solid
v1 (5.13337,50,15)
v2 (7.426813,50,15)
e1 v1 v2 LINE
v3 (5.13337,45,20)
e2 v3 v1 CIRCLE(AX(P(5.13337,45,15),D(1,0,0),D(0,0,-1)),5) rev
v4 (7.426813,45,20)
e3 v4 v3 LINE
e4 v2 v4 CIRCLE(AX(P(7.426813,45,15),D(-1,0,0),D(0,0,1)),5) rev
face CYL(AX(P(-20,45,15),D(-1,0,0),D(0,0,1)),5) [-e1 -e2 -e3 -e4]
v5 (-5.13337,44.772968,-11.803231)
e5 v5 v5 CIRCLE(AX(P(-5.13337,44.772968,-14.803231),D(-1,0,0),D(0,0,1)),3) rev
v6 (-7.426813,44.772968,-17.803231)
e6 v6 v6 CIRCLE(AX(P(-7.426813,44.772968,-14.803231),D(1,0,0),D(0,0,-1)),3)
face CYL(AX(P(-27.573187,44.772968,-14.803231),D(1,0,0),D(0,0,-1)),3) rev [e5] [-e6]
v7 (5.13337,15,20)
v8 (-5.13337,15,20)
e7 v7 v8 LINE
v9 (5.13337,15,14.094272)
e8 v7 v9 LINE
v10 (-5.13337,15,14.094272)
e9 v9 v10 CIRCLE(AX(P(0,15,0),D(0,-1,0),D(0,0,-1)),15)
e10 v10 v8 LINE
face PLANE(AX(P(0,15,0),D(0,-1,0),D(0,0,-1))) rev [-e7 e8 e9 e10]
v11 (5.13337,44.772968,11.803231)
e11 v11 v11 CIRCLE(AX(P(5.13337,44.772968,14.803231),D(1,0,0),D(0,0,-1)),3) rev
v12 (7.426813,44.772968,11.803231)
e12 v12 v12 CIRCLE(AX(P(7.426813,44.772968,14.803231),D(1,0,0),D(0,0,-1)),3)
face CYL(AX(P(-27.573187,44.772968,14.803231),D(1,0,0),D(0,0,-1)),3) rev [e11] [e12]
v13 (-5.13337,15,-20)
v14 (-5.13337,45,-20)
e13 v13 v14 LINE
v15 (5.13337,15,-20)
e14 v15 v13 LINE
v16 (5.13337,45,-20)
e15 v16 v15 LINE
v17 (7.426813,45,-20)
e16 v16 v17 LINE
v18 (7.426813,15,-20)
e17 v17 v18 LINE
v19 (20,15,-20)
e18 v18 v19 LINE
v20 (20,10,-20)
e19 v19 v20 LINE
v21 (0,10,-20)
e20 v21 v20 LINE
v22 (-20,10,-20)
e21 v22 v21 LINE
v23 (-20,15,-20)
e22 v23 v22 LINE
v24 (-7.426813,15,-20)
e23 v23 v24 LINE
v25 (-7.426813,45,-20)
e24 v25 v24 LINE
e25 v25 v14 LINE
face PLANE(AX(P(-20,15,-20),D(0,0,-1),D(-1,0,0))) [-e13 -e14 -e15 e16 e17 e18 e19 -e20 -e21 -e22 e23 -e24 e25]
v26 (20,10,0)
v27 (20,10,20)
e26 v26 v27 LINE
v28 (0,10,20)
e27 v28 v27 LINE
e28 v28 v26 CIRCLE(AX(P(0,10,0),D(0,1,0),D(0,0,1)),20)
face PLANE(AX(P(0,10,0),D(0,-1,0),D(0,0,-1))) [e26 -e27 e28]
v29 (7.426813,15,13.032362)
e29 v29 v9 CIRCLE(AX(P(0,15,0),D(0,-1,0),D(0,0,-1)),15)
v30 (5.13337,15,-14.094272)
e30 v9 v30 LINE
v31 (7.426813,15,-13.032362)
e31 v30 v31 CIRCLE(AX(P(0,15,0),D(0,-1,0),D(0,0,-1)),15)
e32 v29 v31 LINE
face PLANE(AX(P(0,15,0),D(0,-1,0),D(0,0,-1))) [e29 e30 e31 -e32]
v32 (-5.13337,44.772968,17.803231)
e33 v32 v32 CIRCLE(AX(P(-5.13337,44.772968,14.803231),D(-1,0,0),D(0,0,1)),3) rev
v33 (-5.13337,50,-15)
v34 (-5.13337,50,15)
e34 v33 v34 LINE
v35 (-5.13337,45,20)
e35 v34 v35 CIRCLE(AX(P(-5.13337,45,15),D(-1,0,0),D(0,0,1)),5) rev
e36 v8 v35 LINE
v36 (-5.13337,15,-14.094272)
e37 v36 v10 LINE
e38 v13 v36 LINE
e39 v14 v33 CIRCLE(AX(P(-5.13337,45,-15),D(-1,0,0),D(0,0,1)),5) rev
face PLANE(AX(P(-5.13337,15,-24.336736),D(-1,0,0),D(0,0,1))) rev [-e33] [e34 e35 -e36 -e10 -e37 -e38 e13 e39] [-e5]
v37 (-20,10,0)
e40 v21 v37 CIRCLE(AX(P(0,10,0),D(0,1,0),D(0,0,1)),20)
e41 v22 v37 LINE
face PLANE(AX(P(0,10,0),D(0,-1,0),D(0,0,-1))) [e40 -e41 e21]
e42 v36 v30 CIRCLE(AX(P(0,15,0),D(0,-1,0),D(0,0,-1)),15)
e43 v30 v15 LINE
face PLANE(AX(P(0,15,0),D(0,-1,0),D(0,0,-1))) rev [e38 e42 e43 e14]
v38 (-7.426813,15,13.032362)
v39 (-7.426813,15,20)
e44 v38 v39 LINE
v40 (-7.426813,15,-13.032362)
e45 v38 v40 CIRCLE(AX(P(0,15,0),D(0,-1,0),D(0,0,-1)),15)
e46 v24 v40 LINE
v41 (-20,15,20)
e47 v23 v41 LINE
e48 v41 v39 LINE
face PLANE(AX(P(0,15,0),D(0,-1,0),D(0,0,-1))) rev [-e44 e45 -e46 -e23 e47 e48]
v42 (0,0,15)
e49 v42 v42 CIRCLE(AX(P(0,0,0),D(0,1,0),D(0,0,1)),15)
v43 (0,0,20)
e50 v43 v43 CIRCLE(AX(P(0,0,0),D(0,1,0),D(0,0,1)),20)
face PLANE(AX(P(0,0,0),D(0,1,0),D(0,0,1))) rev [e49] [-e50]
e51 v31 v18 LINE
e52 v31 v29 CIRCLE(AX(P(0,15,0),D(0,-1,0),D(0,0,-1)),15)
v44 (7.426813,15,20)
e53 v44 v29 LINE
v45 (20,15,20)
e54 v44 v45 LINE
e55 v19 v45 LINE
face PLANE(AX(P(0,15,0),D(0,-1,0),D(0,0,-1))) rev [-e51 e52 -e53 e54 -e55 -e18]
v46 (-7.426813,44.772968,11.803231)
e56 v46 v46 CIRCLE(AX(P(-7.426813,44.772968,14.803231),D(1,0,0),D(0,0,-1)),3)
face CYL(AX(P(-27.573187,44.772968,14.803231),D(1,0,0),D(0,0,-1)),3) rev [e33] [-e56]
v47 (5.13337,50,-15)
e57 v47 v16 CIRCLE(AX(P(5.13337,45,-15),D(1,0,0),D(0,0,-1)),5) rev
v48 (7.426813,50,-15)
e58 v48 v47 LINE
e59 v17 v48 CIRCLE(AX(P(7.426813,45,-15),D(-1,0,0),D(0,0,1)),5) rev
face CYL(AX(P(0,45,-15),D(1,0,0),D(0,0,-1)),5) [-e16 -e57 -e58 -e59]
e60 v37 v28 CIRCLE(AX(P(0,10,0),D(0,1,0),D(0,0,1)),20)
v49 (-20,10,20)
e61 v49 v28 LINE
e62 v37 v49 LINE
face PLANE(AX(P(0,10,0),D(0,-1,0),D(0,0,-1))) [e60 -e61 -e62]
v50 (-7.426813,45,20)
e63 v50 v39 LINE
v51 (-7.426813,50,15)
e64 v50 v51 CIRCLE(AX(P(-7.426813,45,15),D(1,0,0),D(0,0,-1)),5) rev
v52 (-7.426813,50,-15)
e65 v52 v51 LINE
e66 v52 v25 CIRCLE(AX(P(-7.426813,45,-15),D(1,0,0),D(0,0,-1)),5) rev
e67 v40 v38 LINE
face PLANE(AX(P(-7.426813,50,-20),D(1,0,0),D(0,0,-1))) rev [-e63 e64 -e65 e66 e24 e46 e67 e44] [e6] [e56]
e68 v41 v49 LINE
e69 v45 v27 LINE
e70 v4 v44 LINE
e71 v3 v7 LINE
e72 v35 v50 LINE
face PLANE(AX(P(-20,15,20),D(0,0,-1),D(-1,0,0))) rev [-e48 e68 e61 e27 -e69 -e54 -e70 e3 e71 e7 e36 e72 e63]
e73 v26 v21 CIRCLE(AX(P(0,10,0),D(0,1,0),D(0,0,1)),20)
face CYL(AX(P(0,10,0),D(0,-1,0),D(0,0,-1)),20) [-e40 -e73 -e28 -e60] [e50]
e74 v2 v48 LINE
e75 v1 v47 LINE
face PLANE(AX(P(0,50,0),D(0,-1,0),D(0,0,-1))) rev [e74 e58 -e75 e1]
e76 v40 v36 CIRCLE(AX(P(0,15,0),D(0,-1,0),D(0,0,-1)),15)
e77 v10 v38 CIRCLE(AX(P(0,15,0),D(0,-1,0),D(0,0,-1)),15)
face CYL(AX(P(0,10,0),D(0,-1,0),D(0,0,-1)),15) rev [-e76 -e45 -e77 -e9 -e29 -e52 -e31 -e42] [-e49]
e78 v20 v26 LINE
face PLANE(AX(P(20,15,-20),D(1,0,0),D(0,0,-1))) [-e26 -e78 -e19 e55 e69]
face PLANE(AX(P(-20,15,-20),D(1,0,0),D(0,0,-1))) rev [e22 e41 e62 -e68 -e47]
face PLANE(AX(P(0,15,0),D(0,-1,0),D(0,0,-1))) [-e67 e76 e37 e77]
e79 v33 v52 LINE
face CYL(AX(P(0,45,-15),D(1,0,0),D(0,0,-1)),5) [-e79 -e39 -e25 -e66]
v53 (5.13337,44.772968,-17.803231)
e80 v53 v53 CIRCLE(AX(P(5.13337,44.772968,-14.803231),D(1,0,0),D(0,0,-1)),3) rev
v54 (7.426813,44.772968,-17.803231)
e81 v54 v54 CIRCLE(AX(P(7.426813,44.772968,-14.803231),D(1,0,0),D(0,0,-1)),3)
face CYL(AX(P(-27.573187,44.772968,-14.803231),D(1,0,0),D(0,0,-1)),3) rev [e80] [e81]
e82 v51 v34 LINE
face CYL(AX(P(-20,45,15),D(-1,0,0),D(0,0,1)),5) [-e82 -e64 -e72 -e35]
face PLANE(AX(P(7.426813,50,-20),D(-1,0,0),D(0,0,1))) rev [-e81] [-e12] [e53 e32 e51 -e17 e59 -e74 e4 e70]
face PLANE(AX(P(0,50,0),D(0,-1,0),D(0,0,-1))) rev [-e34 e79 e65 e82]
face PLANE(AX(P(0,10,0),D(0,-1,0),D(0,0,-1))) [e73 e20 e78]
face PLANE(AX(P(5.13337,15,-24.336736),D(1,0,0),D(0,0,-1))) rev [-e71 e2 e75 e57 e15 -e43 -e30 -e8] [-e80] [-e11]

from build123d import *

# Parameters (mm, degrees)
SKETCH1_R           = 20
SKETCH1_R_2         = 15
BOSS_EXTRUDE1_DEPTH = 10
SKETCH3_W           = 40
SKETCH3_H           = 40
BOSS_EXTRUDE2_DEPTH = 5
SKETCH5_R           = 15
CUT_EXTRUDE1_DEPTH  = 5
SKETCH7_W           = 14.853626256
SKETCH7_H           = 40
BOSS_EXTRUDE3_DEPTH = 35
FILLET1_R           = 5
FILLET2_R           = 5
SKETCH8_R           = 3
CUT_EXTRUDE2_DEPTH  = 35
SKETCH9_W           = 10.266740892
SKETCH9_H           = 48.673472914
CUT_EXTRUDE5_DEPTH  = 35


with BuildPart() as part:
    # Sketch1 → Boss-Extrude1 (new body)
    with BuildSketch(Plane(origin=(0, 0, 0), x_dir=(1, 0, 0), z_dir=(0, 1, 0))):
        with Locations(Location((0, 0, 0), (0, 0, 270))):
            Circle(SKETCH1_R)
        with Locations(Location((0, 0, 0), (0, 0, 270))):
            Circle(SKETCH1_R_2, mode=Mode.SUBTRACT)
    extrude(amount=BOSS_EXTRUDE1_DEPTH)

    # Sketch3 → Boss-Extrude2 (add)
    with BuildSketch(Plane(origin=(0, 10, 0), x_dir=(1, 0, 0), z_dir=(0, 1, 0))):
        Rectangle(SKETCH3_W, SKETCH3_H)
    extrude(amount=BOSS_EXTRUDE2_DEPTH)

    # Sketch5 → Cut-Extrude1 (cut)
    with BuildSketch(Plane.XZ.offset(-10)):
        with Locations(Location((0, 0, 0), (0, 0, 270))):
            Circle(SKETCH5_R)
    extrude(amount=-CUT_EXTRUDE1_DEPTH, mode=Mode.SUBTRACT)

    # Sketch7 → Boss-Extrude3 (add)
    with BuildSketch(Plane(origin=(0, 15, 0), x_dir=(1, 0, 0), z_dir=(0, 1, 0))):
        Rectangle(SKETCH7_W, SKETCH7_H)
    extrude(amount=BOSS_EXTRUDE3_DEPTH)

    # Fillet1
    fillet1_edges = [part.edges().sort_by_distance(p)[0] for p in [
        (0, 50, 20),
    ]]
    fillet(fillet1_edges, radius=FILLET1_R)

    # Fillet2
    fillet2_edges = [part.edges().sort_by_distance(p)[0] for p in [
        (0, 50, -20),
    ]]
    fillet(fillet2_edges, radius=FILLET2_R)

    # Sketch8 → Cut-Extrude2 (cut)
    with BuildSketch(Plane(origin=(7.426813128, 0, 0), x_dir=(0, 0, -1), z_dir=(1, 0, 0))):
        with Locations((-14.80323114, 44.772968188)):
            Circle(SKETCH8_R)
        with Locations((14.80323114, 44.772968188)):
            Circle(SKETCH8_R)
    extrude(amount=-CUT_EXTRUDE2_DEPTH, mode=Mode.SUBTRACT)

    # Sketch9 → Cut-Extrude5 (cut)
    with BuildSketch(Plane(origin=(0, 50, 0), x_dir=(1, 0, 0), z_dir=(0, 1, 0))):
        Rectangle(SKETCH9_W, SKETCH9_H)
    extrude(amount=-CUT_EXTRUDE5_DEPTH, mode=Mode.SUBTRACT)


solid = part.part
